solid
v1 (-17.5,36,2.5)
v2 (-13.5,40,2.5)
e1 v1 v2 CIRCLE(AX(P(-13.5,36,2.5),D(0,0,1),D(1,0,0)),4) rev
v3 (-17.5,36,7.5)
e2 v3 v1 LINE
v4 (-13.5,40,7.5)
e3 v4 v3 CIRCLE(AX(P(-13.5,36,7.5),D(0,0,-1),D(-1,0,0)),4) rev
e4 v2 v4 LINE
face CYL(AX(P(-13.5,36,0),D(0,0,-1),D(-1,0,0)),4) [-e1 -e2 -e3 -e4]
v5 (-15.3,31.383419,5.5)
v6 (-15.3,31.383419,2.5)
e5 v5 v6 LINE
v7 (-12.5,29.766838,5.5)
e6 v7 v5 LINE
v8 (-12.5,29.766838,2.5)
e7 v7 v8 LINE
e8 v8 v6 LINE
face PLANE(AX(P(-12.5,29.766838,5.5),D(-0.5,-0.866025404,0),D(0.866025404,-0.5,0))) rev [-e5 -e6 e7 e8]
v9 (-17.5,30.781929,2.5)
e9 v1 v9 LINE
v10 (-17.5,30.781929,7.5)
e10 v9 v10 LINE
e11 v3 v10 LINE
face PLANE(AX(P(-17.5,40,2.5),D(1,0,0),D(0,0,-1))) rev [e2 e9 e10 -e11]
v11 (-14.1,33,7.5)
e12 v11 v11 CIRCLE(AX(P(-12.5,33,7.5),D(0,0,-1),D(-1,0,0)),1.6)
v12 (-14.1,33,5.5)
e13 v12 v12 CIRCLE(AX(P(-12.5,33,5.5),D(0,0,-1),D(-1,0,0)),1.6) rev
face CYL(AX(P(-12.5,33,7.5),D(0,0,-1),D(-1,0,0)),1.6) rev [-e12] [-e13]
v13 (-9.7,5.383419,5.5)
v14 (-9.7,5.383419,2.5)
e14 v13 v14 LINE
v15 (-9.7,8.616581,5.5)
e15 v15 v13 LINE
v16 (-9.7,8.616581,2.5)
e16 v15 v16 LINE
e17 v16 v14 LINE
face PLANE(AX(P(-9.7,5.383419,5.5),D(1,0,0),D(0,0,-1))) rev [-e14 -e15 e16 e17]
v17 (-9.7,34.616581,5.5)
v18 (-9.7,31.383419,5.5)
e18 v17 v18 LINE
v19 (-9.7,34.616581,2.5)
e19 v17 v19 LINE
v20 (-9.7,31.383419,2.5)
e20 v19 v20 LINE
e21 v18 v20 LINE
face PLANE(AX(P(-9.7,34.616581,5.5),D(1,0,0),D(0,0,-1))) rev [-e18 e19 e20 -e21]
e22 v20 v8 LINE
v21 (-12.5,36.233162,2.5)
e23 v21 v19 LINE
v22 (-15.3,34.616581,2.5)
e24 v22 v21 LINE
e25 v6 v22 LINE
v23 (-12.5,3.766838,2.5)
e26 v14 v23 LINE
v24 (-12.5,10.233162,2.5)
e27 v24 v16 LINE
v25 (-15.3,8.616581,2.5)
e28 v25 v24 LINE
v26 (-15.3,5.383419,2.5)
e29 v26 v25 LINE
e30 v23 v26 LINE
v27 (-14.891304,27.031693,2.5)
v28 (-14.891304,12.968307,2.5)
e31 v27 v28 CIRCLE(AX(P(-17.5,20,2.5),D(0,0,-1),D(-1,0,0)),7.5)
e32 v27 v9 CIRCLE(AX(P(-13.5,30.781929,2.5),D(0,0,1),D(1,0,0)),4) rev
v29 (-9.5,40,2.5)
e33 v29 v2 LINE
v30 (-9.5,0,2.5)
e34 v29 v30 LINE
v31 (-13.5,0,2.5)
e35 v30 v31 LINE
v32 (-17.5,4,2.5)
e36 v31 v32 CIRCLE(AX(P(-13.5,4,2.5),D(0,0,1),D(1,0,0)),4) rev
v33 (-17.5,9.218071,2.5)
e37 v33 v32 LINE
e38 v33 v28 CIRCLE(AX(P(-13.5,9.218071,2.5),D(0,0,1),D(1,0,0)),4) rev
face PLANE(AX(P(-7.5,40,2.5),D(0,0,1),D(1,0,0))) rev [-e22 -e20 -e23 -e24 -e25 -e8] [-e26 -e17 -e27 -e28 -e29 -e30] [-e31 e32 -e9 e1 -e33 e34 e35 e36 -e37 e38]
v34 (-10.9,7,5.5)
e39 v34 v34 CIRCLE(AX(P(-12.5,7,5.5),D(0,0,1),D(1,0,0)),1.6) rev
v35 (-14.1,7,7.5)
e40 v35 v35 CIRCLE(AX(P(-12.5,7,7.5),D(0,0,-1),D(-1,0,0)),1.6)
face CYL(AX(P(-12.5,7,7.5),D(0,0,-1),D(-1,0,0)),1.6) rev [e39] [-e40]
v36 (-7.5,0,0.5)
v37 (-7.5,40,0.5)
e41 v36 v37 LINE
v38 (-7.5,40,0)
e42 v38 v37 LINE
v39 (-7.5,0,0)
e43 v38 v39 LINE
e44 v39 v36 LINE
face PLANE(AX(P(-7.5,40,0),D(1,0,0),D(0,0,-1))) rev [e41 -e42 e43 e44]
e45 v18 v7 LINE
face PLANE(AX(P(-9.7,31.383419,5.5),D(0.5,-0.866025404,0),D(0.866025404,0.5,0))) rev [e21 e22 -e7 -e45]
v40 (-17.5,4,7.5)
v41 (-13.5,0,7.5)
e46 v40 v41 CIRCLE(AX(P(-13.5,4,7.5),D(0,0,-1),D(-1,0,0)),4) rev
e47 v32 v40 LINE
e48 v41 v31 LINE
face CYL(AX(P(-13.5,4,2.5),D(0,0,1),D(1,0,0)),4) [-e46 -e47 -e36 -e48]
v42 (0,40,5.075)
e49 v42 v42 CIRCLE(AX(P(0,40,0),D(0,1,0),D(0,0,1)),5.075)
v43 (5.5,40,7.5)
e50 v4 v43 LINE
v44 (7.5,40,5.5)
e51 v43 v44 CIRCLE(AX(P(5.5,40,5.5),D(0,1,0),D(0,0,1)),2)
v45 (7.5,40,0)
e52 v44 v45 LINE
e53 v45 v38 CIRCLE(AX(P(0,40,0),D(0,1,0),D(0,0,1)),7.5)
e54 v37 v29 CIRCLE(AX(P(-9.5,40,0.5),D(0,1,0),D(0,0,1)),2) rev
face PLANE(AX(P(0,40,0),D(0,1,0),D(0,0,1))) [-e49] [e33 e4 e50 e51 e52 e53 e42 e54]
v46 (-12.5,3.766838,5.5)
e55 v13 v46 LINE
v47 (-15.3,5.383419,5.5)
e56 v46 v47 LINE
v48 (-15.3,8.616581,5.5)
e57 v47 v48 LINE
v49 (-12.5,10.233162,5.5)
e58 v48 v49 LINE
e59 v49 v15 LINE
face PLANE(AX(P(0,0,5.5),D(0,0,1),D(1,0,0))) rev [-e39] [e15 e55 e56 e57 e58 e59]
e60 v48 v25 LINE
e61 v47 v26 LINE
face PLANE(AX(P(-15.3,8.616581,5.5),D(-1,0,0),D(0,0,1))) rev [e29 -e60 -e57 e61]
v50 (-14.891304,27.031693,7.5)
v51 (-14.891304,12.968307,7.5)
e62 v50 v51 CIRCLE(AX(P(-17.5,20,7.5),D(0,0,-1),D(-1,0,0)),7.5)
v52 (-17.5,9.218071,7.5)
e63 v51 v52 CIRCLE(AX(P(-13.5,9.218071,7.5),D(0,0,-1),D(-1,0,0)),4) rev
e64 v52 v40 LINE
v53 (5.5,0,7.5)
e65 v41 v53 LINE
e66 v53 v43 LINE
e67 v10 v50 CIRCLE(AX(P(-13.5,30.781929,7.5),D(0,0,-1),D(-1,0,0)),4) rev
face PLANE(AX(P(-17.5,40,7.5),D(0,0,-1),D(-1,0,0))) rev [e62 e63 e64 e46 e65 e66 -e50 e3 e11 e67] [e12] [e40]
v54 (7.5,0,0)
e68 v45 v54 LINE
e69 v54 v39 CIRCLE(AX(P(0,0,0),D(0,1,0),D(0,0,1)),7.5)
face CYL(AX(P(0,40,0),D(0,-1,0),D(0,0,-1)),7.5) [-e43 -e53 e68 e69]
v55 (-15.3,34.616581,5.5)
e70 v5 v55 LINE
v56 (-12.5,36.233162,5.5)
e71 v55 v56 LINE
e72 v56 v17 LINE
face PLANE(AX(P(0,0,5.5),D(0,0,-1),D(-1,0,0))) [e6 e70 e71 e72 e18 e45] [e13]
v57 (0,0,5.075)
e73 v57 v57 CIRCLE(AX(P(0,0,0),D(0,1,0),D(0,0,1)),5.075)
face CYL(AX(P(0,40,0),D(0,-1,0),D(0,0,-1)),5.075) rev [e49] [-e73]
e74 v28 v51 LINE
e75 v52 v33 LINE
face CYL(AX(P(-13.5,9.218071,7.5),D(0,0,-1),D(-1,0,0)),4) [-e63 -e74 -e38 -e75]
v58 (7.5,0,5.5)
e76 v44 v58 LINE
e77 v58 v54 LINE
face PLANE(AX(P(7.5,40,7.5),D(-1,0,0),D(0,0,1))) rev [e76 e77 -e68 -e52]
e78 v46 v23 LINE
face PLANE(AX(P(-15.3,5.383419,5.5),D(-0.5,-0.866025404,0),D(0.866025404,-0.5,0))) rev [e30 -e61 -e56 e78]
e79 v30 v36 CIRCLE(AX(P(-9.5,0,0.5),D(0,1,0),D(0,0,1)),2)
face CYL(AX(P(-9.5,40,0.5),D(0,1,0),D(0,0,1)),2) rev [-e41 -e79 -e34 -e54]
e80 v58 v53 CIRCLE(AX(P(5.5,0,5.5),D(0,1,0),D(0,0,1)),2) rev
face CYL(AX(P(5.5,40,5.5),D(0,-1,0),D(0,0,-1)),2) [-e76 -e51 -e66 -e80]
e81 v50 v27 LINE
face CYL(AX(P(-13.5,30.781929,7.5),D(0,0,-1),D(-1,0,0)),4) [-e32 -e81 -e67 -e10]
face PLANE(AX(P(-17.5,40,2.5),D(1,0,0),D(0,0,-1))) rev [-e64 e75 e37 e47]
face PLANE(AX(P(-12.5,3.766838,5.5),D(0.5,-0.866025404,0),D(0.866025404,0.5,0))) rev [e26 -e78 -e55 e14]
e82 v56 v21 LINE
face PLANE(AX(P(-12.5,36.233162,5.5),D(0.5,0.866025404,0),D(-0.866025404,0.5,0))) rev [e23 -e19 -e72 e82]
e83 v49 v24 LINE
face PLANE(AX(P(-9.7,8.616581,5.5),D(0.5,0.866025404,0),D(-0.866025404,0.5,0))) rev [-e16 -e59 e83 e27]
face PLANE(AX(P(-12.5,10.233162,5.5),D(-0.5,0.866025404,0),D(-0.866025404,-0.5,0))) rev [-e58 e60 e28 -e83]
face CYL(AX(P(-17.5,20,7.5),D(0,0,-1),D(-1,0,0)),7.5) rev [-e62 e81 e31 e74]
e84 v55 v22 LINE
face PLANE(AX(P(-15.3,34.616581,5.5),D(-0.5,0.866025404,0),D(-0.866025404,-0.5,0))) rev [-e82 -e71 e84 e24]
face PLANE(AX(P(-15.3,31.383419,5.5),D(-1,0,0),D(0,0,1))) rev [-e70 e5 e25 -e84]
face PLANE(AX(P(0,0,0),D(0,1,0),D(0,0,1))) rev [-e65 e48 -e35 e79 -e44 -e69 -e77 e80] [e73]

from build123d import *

# Parameters (mm, degrees)
CROQUIS1_R              = 5.075
SALIENTE_EXTRUIR1_DEPTH = 40
CROQUIS2_R              = 1.6
CORTAR_EXTRUIR1_DEPTH   = 6
CORTAR_EXTRUIR2_DEPTH   = 3
CORTAR_EXTRUIR3_DEPTH   = 6
REDONDEO1_R             = 4
REDONDEO2_R             = 2


with BuildPart() as part:
    # Croquis1 → Saliente-Extruir1 (new body)
    with BuildSketch(Plane(origin=(0, 0, 0), x_dir=(1, 0, 0), z_dir=(0, 1, 0))):
        with BuildLine():
            Line((-17.5, -7.5), (7.5, -7.5))
            Line((7.5, -7.5), (7.5, 0))
            ThreePointArc((7.5, 0), (0, 7.5), (-7.5, 0))
            Line((-7.5, 0), (-7.5, -2.5))
            Line((-7.5, -2.5), (-17.5, -2.5))
            Line((-17.5, -2.5), (-17.5, -7.5))
        make_face()
        Circle(CROQUIS1_R, mode=Mode.SUBTRACT)
    extrude(amount=SALIENTE_EXTRUIR1_DEPTH)

    # Croquis2 → Cortar-Extruir1 (cut, through all)
    with BuildSketch(Plane(origin=(0, 0, 2.5), x_dir=(-1, 0, 0), z_dir=(0, 0, -1))):
        with Locations((12.5, 7)):
            Circle(CROQUIS2_R)
        with Locations((12.5, 33)):
            Circle(CROQUIS2_R)
    extrude(amount=-CORTAR_EXTRUIR1_DEPTH, mode=Mode.SUBTRACT)

    # Croquis3 → Cortar-Extruir2 (cut)
    with BuildSketch(Plane(origin=(0, 0, 2.5), x_dir=(-1, 0, 0), z_dir=(0, 0, -1))):
        Polygon((15.3, 31.383419246), (15.3, 34.616580754), (12.5, 36.233161507), (9.7, 34.616580754), (9.7, 31.383419246), (12.5, 29.766838493), align=None)
        Polygon((12.5, 10.233161507), (15.3, 8.616580754), (15.3, 5.383419246), (12.5, 3.766838493), (9.7, 5.383419246), (9.7, 8.616580754), align=None)
    extrude(amount=-CORTAR_EXTRUIR2_DEPTH, mode=Mode.SUBTRACT)

    # Croquis4 → Cortar-Extruir3 (cut, through all)
    with BuildSketch(Plane(origin=(0, 0, 2.5), x_dir=(-1, 0, 0), z_dir=(0, 0, -1))):
        with BuildLine():
            Line((17.5, 27.5), (17.5, 12.5))
            ThreePointArc((17.5, 12.5), (10, 20), (17.5, 27.5))
        make_face()
    extrude(amount=-CORTAR_EXTRUIR3_DEPTH, mode=Mode.SUBTRACT)

    # Redondeo1
    redondeo1_edges = [part.edges().sort_by_distance(p)[0] for p in [
        (-17.5, 40, 5),
        (-17.5, 12.5, 5),
        (-17.5, 27.5, 5),
        (-17.5, 0, 5),
    ]]
    fillet(redondeo1_edges, radius=REDONDEO1_R)

    # Redondeo2
    redondeo2_edges = [part.edges().sort_by_distance(p)[0] for p in [
        (-7.5, 20, 2.5),
        (7.5, 20, 7.5),
    ]]
    fillet(redondeo2_edges, radius=REDONDEO2_R)


solid = part.part
